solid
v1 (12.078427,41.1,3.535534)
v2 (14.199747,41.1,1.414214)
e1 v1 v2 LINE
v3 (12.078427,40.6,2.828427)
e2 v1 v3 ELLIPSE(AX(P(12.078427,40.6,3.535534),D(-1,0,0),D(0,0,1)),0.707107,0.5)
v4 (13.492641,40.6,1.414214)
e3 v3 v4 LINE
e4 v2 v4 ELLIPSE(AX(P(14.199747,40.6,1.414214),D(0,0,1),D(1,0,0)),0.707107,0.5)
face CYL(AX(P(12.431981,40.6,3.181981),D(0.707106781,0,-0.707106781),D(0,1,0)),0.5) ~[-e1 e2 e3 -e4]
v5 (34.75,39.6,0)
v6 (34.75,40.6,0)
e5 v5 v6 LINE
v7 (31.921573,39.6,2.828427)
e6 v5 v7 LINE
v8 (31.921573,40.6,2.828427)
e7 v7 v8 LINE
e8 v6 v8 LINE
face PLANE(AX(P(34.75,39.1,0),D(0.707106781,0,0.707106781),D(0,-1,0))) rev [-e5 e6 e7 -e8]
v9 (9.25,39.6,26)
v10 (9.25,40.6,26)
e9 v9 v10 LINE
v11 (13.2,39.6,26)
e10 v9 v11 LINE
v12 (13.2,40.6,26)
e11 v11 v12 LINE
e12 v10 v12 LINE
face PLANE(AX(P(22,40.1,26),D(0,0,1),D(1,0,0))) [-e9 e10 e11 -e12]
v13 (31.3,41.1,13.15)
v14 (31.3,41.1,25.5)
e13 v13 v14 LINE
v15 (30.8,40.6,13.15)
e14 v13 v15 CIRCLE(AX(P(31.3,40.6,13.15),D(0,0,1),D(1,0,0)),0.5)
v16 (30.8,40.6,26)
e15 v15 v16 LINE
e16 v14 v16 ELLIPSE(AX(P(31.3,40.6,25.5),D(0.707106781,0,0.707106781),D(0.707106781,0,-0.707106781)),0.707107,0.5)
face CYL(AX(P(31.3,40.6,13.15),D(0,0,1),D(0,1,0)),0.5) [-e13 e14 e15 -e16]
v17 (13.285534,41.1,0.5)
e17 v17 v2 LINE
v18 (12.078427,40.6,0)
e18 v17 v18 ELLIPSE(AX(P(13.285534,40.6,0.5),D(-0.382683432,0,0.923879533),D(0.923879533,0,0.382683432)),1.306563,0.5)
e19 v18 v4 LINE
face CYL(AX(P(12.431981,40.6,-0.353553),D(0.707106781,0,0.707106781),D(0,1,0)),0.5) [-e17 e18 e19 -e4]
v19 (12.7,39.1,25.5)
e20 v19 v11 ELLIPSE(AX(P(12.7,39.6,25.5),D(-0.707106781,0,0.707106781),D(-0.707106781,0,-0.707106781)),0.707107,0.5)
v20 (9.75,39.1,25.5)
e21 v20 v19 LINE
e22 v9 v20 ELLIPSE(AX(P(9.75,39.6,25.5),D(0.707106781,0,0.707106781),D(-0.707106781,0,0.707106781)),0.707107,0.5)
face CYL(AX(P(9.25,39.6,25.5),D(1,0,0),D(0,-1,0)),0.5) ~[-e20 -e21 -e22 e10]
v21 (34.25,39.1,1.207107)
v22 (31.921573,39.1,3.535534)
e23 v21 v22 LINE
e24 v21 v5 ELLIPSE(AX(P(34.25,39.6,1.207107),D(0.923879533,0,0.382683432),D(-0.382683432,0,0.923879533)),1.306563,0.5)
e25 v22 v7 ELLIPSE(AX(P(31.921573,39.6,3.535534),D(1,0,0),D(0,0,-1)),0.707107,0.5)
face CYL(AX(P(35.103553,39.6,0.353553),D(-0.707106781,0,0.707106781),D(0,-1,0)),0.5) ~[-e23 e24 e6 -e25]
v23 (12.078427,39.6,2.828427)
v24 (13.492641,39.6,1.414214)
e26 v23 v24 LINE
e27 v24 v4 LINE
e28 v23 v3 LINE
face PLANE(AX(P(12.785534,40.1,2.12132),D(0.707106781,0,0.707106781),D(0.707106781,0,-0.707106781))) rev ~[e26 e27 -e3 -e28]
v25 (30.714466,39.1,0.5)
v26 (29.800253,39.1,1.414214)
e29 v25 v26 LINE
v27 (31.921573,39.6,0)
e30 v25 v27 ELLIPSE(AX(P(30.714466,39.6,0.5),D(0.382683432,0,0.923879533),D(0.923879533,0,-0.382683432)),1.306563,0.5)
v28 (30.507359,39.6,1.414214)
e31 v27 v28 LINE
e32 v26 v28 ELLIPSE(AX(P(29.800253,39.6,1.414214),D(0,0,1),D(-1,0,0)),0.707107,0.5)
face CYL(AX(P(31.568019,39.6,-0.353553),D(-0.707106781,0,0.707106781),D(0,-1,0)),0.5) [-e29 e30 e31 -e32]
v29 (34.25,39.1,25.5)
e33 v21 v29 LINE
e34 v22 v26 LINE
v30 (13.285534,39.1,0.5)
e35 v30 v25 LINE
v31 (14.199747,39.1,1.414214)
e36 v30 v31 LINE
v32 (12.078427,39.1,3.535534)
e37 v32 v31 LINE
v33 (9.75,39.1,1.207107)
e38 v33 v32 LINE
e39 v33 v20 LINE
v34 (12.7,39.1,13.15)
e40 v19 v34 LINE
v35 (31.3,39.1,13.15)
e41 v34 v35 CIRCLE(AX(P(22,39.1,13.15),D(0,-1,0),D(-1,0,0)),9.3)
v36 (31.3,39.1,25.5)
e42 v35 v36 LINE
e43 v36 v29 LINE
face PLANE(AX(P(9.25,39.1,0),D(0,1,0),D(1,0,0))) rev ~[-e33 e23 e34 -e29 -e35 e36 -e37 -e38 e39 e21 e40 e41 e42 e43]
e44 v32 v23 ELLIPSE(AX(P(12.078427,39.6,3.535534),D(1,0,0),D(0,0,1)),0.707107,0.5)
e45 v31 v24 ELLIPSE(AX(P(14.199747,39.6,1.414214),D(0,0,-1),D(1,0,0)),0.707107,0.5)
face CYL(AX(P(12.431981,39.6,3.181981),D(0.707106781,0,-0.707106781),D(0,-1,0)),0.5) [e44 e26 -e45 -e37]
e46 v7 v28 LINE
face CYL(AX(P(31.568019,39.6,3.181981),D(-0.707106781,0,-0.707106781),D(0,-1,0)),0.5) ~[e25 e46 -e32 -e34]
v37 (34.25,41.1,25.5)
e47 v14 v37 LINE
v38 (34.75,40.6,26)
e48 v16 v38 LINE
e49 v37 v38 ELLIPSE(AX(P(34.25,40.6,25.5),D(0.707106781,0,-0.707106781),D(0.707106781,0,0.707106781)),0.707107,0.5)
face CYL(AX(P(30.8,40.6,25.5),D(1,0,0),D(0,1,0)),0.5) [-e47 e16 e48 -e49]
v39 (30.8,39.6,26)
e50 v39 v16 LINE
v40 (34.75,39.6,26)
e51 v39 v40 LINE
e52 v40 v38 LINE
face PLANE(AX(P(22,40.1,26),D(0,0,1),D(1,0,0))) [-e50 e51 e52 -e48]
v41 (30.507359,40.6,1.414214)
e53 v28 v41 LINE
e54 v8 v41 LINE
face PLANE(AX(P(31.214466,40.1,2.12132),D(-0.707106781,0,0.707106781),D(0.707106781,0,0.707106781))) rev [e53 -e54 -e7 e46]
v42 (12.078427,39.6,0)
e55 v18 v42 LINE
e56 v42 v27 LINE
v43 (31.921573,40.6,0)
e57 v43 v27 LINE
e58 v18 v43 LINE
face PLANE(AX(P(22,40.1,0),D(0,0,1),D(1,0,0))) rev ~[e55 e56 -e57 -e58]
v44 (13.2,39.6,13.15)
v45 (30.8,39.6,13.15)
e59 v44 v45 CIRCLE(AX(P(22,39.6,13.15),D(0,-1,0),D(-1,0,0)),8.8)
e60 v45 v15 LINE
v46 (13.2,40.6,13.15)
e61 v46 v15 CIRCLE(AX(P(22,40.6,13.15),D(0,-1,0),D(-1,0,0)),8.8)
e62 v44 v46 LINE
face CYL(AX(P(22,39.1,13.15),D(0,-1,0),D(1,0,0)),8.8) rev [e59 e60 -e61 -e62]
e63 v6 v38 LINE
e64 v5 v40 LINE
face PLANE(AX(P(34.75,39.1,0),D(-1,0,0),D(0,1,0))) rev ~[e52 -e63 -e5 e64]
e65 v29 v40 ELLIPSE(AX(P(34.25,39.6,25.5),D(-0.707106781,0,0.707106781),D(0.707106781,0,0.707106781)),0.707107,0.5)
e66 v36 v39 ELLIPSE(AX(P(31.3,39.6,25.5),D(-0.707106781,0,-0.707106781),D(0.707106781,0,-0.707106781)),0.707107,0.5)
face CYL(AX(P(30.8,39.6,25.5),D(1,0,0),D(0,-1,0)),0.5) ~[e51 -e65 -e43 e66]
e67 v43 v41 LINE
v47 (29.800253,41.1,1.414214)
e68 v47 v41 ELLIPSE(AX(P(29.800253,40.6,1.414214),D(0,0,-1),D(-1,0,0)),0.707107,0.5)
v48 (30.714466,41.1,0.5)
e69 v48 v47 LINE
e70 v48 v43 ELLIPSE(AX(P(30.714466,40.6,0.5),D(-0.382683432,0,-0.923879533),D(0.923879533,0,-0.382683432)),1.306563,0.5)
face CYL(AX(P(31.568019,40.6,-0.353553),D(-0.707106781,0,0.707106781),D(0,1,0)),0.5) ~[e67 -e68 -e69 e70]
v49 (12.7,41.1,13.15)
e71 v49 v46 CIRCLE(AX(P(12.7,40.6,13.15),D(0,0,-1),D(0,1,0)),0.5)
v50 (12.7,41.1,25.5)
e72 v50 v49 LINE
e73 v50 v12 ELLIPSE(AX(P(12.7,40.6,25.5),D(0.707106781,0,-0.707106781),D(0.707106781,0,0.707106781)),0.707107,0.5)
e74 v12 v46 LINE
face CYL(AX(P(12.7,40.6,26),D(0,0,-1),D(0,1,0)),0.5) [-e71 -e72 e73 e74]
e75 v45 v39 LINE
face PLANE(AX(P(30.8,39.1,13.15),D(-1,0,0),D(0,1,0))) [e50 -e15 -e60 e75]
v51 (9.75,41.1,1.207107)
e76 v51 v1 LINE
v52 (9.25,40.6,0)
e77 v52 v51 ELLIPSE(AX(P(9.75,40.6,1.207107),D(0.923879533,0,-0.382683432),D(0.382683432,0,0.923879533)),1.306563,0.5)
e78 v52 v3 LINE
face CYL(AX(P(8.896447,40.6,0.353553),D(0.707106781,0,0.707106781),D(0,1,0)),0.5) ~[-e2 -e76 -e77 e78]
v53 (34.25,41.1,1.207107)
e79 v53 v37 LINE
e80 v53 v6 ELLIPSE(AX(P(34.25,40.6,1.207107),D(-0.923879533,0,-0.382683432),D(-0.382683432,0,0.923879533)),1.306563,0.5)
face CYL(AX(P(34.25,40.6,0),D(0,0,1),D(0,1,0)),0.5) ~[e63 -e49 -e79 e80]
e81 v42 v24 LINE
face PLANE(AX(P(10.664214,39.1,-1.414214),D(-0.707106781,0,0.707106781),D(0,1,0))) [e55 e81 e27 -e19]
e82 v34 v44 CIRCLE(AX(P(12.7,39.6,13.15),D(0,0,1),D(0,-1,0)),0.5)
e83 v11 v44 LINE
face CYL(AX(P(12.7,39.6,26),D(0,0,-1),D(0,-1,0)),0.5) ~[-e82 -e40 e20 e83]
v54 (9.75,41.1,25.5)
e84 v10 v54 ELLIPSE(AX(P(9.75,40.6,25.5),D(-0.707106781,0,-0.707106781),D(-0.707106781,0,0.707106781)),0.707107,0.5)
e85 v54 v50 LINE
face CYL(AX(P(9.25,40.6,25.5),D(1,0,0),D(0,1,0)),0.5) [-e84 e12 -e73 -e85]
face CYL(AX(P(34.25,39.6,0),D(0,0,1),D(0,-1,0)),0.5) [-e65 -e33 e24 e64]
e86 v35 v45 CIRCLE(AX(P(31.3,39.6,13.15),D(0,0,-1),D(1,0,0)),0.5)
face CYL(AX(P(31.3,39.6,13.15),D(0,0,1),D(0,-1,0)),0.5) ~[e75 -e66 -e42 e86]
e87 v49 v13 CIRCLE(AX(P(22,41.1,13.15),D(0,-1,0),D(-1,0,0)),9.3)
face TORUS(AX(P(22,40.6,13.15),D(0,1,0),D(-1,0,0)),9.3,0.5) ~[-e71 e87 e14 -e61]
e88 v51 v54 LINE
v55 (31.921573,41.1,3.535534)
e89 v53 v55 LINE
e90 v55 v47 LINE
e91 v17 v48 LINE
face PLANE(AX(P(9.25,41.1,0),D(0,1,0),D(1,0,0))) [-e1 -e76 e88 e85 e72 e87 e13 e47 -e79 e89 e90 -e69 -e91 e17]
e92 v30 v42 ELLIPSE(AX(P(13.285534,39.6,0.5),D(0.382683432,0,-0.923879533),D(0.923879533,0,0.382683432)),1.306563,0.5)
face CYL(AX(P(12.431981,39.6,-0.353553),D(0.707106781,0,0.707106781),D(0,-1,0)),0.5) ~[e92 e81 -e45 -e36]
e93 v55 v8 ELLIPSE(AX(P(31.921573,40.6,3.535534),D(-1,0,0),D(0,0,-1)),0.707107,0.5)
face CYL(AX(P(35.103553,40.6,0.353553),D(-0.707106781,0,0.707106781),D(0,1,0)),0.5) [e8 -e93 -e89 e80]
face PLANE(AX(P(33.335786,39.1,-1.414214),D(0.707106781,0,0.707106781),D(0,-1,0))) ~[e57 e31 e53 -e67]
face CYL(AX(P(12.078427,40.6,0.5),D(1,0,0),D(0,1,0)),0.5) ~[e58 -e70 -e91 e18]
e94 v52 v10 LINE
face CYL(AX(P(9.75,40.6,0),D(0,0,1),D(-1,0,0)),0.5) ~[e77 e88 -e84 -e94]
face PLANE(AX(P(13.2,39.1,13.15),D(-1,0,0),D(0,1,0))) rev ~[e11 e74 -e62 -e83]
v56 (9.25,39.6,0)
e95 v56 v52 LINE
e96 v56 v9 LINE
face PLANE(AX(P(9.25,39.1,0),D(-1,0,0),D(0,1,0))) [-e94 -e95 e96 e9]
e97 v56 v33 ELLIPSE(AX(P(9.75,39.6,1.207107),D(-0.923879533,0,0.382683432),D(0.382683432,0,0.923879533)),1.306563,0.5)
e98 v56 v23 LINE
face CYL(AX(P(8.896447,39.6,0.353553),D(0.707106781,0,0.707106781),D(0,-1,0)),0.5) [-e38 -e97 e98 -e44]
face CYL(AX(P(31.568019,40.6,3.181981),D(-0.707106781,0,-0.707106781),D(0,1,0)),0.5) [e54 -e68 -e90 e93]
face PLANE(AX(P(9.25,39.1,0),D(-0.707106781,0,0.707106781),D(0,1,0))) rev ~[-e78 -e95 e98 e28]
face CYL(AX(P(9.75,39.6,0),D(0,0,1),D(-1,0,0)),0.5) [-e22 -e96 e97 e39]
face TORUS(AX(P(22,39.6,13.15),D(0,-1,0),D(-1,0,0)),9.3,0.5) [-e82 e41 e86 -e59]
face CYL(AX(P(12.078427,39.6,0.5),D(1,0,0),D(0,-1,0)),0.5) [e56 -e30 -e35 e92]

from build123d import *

# Parameters (mm, degrees)
BOX026_W               = 2
BOX026_H               = 2
BOX026_DEPTH           = 4
BOX026_PLACEMENT_ANGLE = 45
BOX027_W               = 2
BOX027_H               = 2
BOX027_DEPTH           = 4
BOX027_PLACEMENT_ANGLE = 45
BOX025_W               = 17.6
BOX025_H               = 2
BOX025_DEPTH           = 12.85
CYLINDER063_R          = 8.8
CYLINDER063_DEPTH      = 2
BOX024_W               = 25.5
BOX024_H               = 2
BOX024_DEPTH           = 26
FILLET_R               = 0.5


with BuildPart() as noutletkeynotch:
    # Box026 → Box026 (new body)
    with BuildSketch(Plane.XY):
        with Locations((1, 1)):
            Rectangle(BOX026_W, BOX026_H)
    extrude(amount=BOX026_DEPTH)


with BuildPart() as noutletkeynotch_1:
    # Box026 placement: moved
    add(noutletkeynotch.part.moved(Location((-12.75, 0, -13.15))).rotate(Axis((-12.75, 0, -13.15), (0, 1, 0)), BOX026_PLACEMENT_ANGLE))


with BuildPart() as noutletkeynotch2:
    # Part__Mirroring006: instance of nOutletKeyNotch
    add(noutletkeynotch_1.part.mirror(Plane(origin=(0, 0, 0), x_dir=(0, -1, 0), z_dir=(1, 0, 0))))


with BuildPart() as noutletkeynotch1:
    # Box027 → Box027 (new body)
    with BuildSketch(Plane.XY):
        with Locations((1, 1)):
            Rectangle(BOX027_W, BOX027_H)
    extrude(amount=BOX027_DEPTH)


with BuildPart() as noutletkeynotch1_1:
    # Box027 placement: moved
    add(noutletkeynotch1.part.moved(Location((-12.75, 0, -13.15))).rotate(Axis((-12.75, 0, -13.15), (0, 1, 0)), BOX027_PLACEMENT_ANGLE))


with BuildPart() as noutletkeyrect:
    # Box025 → Box025 (new body)
    with BuildSketch(Plane(origin=(-8.8, 0, 0), x_dir=(1, 0, 0), z_dir=(0, 0, 1))):
        with Locations((8.8, 1)):
            Rectangle(BOX025_W, BOX025_H)
    extrude(amount=BOX025_DEPTH)


with BuildPart() as noutletkey:
    # Cylinder063 → Cylinder063 (new body)
    with BuildSketch(Plane(origin=(0, 0, 0), x_dir=(1, 0, 0), z_dir=(0, 1, 0))):
        Circle(CYLINDER063_R)
    extrude(amount=CYLINDER063_DEPTH)

    # Fusion062: union nOutletKeyNotch2, nOutletKeyNotch1, nOutletKeyRect
    add(noutletkeynotch2.part)
    add(noutletkeynotch1_1.part)
    add(noutletkeyrect.part)


with BuildPart() as toplevelpart_outletkey:
    # Box024 → Box024 (new body)
    with BuildSketch(Plane(origin=(-12.75, 0, -13.15), x_dir=(1, 0, 0), z_dir=(0, 0, 1))):
        with Locations((12.75, 1)):
            Rectangle(BOX024_W, BOX024_H)
    extrude(amount=BOX024_DEPTH)

    # Cut021: cut nOutletKey
    add(noutletkey.part, mode=Mode.SUBTRACT)

    # Fillet
    fillet_edges = [toplevelpart_outletkey.edges().sort_by_distance(p)[0] for p in [
        (-12.75, 0, -0.15),
        (-12.75, 2, -0.15),
        (-11.335786, 0, -11.735786),
        (-9.214466, 0, -11.02868),
        (-9.214466, 0, -12.442893),
        (0, 0, -13.15),
        (9.214466, 0, -12.442893),
        (9.214466, 0, -11.02868),
        (11.335786, 0, -11.735786),
        (12.75, 0, -0.15),
        (10.775, 0, 12.85),
        (8.8, 0, 6.425),
        (0, 0, -8.8),
        (-8.8, 0, 6.425),
        (-10.775, 0, 12.85),
        (-10.775, 2, 12.85),
        (-11.335786, 2, -11.735786),
        (-9.214466, 2, -11.02868),
        (-9.214466, 2, -12.442893),
        (0, 2, -13.15),
        (9.214466, 2, -12.442893),
        (9.214466, 2, -11.02868),
        (11.335786, 2, -11.735786),
        (12.75, 2, -0.15),
        (10.775, 2, 12.85),
        (8.8, 2, 6.425),
        (0, 2, -8.8),
        (-8.8, 2, 6.425),
    ]]
    fillet(fillet_edges, radius=FILLET_R)


with BuildPart() as toplevelpart_outletkey_1:
    # Fillet placement: moved
    add(toplevelpart_outletkey.part.moved(Location((22, 39.1, 13.15))))


solid = toplevelpart_outletkey_1.part
